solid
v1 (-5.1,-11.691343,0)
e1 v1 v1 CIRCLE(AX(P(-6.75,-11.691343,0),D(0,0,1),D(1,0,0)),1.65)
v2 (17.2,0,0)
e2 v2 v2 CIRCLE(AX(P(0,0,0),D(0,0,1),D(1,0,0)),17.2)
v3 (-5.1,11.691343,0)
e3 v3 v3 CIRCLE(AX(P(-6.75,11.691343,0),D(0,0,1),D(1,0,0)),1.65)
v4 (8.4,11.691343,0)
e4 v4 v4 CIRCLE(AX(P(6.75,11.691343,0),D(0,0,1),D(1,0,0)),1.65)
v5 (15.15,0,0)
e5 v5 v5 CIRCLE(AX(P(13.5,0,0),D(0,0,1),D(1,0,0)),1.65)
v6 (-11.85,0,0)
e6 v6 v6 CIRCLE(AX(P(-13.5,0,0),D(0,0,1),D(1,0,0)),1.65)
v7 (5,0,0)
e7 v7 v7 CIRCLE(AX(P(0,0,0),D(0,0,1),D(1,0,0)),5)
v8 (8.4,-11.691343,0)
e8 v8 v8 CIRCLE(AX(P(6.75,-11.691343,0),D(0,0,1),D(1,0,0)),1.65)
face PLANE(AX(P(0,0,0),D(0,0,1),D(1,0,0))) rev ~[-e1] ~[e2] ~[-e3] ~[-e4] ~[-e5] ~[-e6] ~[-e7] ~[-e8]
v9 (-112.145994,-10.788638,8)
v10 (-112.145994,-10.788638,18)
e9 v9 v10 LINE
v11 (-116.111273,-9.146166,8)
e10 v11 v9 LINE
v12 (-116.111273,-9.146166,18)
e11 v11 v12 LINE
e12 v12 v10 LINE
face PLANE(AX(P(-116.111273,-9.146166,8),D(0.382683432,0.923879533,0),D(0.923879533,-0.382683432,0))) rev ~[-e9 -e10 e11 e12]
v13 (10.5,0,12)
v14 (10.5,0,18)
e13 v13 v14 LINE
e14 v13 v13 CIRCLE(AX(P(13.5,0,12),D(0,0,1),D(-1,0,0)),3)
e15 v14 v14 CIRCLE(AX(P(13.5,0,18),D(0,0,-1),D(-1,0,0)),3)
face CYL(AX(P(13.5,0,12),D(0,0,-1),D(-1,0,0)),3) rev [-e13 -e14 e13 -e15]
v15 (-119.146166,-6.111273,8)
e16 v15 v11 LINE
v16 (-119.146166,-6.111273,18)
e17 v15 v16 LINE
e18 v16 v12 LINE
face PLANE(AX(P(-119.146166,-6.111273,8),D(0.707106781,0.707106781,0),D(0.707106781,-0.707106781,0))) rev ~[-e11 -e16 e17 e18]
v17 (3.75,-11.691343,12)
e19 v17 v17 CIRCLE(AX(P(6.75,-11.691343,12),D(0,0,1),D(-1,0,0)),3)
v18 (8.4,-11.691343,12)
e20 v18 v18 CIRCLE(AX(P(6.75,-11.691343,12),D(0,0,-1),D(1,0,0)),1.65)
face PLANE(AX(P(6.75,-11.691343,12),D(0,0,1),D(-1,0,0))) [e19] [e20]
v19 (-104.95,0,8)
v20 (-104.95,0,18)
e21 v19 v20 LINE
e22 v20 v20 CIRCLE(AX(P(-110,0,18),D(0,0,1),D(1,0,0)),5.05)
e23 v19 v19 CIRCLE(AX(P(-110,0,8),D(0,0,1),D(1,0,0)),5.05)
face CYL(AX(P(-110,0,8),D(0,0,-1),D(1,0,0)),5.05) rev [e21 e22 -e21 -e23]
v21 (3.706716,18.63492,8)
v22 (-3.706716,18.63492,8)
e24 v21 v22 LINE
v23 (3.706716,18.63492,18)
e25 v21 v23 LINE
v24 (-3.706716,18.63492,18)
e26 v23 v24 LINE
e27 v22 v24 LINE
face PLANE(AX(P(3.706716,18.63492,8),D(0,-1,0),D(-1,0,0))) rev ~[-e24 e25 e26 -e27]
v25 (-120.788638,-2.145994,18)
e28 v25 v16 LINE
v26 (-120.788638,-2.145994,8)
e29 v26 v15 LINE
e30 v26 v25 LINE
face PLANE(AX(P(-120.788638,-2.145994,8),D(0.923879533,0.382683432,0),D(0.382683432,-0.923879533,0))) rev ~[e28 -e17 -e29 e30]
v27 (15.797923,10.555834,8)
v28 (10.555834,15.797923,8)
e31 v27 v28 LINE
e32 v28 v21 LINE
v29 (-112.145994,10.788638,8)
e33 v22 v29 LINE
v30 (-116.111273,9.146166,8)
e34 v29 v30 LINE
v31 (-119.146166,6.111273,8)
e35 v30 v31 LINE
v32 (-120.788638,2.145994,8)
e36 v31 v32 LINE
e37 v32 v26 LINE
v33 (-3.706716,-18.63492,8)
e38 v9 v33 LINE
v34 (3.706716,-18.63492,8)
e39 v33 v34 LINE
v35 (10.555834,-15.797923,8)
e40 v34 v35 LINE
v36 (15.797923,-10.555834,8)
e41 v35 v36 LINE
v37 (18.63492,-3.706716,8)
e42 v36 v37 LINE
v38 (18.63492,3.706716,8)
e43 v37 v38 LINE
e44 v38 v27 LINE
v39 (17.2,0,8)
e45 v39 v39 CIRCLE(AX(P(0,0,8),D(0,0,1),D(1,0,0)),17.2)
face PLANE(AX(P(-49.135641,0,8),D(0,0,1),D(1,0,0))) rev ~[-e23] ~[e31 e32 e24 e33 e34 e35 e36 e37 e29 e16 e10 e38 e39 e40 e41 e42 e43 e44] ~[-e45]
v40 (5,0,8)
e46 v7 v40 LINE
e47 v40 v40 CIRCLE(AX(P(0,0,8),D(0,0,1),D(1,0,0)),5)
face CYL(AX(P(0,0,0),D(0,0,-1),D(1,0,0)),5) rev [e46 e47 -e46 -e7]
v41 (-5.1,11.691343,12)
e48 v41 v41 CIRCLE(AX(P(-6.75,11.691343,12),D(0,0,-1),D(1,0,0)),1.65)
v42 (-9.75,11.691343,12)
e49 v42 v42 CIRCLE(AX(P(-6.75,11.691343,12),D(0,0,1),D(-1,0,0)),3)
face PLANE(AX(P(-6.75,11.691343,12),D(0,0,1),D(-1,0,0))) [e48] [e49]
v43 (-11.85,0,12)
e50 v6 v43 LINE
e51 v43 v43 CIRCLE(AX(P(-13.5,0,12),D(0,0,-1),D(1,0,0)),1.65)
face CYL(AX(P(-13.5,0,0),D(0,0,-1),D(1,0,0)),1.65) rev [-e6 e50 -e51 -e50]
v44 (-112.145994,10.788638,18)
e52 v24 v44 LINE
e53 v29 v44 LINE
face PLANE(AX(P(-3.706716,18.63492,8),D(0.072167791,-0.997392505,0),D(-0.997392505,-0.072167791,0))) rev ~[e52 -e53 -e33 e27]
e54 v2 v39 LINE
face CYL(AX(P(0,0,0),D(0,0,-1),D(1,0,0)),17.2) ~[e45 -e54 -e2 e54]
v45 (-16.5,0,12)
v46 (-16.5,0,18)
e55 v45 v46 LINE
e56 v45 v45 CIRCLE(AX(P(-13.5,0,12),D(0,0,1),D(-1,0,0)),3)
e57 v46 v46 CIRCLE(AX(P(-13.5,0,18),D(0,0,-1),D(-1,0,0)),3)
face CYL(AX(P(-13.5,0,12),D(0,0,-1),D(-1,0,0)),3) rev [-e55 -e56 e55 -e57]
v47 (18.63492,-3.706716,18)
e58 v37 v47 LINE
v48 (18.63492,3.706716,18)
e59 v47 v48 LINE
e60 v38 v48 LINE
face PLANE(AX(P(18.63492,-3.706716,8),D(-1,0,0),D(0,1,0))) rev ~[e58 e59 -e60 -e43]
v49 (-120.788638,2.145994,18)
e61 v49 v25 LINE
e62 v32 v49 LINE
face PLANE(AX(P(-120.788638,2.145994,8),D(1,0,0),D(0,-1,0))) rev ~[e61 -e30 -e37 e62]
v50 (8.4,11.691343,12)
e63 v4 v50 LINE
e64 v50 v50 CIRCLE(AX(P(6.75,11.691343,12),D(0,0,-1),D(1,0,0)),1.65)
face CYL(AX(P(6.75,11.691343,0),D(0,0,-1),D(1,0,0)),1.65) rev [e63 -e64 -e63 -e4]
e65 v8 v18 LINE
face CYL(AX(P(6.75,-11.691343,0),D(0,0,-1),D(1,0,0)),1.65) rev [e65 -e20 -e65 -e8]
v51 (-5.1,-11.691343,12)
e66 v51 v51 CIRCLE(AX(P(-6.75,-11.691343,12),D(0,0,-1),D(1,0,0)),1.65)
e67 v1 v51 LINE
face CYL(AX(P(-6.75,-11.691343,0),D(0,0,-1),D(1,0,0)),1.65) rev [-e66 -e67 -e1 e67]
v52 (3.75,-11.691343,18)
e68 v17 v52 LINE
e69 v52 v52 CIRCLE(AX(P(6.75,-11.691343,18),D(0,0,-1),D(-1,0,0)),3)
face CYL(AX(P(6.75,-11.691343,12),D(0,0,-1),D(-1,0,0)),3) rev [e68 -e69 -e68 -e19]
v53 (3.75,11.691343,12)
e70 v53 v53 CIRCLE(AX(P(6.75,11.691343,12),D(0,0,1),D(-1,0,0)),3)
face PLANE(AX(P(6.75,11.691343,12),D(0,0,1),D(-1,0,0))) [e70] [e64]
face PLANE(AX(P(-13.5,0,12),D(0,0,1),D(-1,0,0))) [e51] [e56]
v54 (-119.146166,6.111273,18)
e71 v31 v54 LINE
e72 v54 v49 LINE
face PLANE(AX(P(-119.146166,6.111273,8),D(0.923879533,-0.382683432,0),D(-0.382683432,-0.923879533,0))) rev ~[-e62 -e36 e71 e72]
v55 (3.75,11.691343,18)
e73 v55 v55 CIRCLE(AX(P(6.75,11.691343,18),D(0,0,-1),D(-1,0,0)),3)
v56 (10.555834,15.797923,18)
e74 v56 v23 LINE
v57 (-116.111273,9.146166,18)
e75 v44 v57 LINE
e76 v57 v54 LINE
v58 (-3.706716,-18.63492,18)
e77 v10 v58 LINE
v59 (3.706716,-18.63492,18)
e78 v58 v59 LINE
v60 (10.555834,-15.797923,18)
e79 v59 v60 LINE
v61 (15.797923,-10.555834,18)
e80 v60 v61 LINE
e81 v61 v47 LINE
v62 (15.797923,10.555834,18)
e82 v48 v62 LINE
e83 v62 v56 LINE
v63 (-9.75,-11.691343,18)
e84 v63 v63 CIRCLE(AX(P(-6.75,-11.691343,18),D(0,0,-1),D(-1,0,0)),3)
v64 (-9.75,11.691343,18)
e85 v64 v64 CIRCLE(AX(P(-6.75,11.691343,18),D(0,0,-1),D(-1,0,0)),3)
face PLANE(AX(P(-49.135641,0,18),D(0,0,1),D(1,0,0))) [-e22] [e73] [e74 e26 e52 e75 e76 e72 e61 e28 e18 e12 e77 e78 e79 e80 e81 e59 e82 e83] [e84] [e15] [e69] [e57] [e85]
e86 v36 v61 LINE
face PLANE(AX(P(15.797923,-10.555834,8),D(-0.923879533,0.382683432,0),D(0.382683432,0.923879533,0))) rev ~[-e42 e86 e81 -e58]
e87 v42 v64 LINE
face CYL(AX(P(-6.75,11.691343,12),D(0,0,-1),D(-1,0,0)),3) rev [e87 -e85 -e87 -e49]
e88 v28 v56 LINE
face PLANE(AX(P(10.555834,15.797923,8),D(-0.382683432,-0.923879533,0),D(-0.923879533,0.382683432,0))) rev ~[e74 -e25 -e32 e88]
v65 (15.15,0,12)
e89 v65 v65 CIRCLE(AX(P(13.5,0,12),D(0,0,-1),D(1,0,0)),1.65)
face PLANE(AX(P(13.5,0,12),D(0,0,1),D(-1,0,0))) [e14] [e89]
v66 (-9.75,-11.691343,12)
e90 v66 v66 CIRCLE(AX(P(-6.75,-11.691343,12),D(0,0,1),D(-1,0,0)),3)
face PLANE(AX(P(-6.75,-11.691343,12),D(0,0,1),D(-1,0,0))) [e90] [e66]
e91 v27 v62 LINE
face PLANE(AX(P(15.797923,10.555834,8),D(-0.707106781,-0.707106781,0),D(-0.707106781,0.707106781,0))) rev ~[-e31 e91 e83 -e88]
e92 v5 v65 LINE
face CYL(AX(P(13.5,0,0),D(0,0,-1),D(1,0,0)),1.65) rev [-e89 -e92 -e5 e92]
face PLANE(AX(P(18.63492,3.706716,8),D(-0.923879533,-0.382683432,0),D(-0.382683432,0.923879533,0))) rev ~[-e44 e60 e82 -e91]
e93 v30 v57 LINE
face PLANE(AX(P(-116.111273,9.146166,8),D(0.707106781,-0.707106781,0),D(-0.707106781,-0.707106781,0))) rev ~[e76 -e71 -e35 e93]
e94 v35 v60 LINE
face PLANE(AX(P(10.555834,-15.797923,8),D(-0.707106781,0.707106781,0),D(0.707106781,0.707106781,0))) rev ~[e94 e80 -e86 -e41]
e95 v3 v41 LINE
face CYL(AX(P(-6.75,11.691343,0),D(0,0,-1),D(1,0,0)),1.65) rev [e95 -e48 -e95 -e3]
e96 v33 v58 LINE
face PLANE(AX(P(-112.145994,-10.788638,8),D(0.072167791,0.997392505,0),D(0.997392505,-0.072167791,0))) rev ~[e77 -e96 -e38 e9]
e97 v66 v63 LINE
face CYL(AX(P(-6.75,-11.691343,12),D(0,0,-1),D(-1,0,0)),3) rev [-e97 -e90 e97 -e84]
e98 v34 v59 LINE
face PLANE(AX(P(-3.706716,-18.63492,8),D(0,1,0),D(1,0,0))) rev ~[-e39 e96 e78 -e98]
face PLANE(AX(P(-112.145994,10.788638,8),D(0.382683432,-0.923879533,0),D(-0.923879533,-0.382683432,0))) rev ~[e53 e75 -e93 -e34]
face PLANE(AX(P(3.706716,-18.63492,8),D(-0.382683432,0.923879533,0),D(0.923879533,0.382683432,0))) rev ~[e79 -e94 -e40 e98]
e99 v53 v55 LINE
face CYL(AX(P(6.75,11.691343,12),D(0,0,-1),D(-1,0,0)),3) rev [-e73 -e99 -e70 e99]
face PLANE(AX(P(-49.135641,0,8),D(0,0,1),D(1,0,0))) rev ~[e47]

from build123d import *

# Parameters (mm, degrees)
ARM_WEB_START               = 8
PROFILE_1_R                 = 5.05
PROFILE_1_R_2               = 1.65
ARM_WEB_DEPTH               = 10
PROFILE_2_R                 = 17.2
PROFILE_2_R_2               = 5
PROFILE_2_R_3               = 1.65
ROTOR_STANDOFF_DEPTH        = 8
ROTOR_SCREW_SPOTFACES_START = 12
PROFILE_3_R                 = 3
ROTOR_SCREW_SPOTFACES_DEPTH = 6.01


with BuildPart() as part:
    # Profile_1 → Arm_web (new body)
    with BuildSketch(Plane.XY.offset(ARM_WEB_START)):
        Polygon((-116.111272563, 9.146165735), (-119.146165735, 6.111272563), (-120.788638084, 2.145993542), (-120.788638084, -2.145993542), (-119.146165735, -6.111272563), (-116.111272563, -9.146165735), (-112.145993542, -10.788638084), (-3.706716118, -18.634920328), (3.706716118, -18.634920328), (10.555834427, -15.797922634), (15.797922634, -10.555834427), (18.634920328, -3.706716118), (18.634920328, 3.706716118), (15.797922634, 10.555834427), (10.555834427, 15.797922634), (3.706716118, 18.634920328), (-3.706716118, 18.634920328), (-112.145993542, 10.788638084), align=None)
        with Locations((-110, 0)):
            Circle(PROFILE_1_R, mode=Mode.SUBTRACT)
        with Locations((-13.5, 0)):
            Circle(PROFILE_1_R_2, mode=Mode.SUBTRACT)
        with Locations((-6.75, 11.691342951)):
            Circle(PROFILE_1_R_2, mode=Mode.SUBTRACT)
        with Locations((6.75, 11.691342951)):
            Circle(PROFILE_1_R_2, mode=Mode.SUBTRACT)
        with Locations((13.5, 0)):
            Circle(PROFILE_1_R_2, mode=Mode.SUBTRACT)
        with Locations((6.75, -11.691342951)):
            Circle(PROFILE_1_R_2, mode=Mode.SUBTRACT)
        with Locations((-6.75, -11.691342951)):
            Circle(PROFILE_1_R_2, mode=Mode.SUBTRACT)
    extrude(amount=ARM_WEB_DEPTH)

    # Profile_2 → Rotor_standoff (add)
    with BuildSketch(Plane.XY):
        Circle(PROFILE_2_R)
        Circle(PROFILE_2_R_2, mode=Mode.SUBTRACT)
        with Locations((-13.5, 0)):
            Circle(PROFILE_2_R_3, mode=Mode.SUBTRACT)
        with Locations((-6.75, 11.691342951)):
            Circle(PROFILE_2_R_3, mode=Mode.SUBTRACT)
        with Locations((6.75, 11.691342951)):
            Circle(PROFILE_2_R_3, mode=Mode.SUBTRACT)
        with Locations((13.5, 0)):
            Circle(PROFILE_2_R_3, mode=Mode.SUBTRACT)
        with Locations((6.75, -11.691342951)):
            Circle(PROFILE_2_R_3, mode=Mode.SUBTRACT)
        with Locations((-6.75, -11.691342951)):
            Circle(PROFILE_2_R_3, mode=Mode.SUBTRACT)
    extrude(amount=ROTOR_STANDOFF_DEPTH)

    # Profile_3 → Rotor_screw_spotfaces (cut)
    with BuildSketch(Plane.XY.offset(ROTOR_SCREW_SPOTFACES_START)):
        with Locations(Location((-13.5, 0, 0), (0, 0, 180))):
            Circle(PROFILE_3_R)
        with Locations(Location((-6.75, 11.691342951, 0), (0, 0, 180))):
            Circle(PROFILE_3_R)
        with Locations(Location((6.75, 11.691342951, 0), (0, 0, 180))):
            Circle(PROFILE_3_R)
        with Locations(Location((13.5, 0, 0), (0, 0, 180))):
            Circle(PROFILE_3_R)
        with Locations(Location((6.75, -11.691342951, 0), (0, 0, 180))):
            Circle(PROFILE_3_R)
        with Locations(Location((-6.75, -11.691342951, 0), (0, 0, 180))):
            Circle(PROFILE_3_R)
    extrude(amount=ROTOR_SCREW_SPOTFACES_DEPTH, mode=Mode.SUBTRACT)


solid = part.part
